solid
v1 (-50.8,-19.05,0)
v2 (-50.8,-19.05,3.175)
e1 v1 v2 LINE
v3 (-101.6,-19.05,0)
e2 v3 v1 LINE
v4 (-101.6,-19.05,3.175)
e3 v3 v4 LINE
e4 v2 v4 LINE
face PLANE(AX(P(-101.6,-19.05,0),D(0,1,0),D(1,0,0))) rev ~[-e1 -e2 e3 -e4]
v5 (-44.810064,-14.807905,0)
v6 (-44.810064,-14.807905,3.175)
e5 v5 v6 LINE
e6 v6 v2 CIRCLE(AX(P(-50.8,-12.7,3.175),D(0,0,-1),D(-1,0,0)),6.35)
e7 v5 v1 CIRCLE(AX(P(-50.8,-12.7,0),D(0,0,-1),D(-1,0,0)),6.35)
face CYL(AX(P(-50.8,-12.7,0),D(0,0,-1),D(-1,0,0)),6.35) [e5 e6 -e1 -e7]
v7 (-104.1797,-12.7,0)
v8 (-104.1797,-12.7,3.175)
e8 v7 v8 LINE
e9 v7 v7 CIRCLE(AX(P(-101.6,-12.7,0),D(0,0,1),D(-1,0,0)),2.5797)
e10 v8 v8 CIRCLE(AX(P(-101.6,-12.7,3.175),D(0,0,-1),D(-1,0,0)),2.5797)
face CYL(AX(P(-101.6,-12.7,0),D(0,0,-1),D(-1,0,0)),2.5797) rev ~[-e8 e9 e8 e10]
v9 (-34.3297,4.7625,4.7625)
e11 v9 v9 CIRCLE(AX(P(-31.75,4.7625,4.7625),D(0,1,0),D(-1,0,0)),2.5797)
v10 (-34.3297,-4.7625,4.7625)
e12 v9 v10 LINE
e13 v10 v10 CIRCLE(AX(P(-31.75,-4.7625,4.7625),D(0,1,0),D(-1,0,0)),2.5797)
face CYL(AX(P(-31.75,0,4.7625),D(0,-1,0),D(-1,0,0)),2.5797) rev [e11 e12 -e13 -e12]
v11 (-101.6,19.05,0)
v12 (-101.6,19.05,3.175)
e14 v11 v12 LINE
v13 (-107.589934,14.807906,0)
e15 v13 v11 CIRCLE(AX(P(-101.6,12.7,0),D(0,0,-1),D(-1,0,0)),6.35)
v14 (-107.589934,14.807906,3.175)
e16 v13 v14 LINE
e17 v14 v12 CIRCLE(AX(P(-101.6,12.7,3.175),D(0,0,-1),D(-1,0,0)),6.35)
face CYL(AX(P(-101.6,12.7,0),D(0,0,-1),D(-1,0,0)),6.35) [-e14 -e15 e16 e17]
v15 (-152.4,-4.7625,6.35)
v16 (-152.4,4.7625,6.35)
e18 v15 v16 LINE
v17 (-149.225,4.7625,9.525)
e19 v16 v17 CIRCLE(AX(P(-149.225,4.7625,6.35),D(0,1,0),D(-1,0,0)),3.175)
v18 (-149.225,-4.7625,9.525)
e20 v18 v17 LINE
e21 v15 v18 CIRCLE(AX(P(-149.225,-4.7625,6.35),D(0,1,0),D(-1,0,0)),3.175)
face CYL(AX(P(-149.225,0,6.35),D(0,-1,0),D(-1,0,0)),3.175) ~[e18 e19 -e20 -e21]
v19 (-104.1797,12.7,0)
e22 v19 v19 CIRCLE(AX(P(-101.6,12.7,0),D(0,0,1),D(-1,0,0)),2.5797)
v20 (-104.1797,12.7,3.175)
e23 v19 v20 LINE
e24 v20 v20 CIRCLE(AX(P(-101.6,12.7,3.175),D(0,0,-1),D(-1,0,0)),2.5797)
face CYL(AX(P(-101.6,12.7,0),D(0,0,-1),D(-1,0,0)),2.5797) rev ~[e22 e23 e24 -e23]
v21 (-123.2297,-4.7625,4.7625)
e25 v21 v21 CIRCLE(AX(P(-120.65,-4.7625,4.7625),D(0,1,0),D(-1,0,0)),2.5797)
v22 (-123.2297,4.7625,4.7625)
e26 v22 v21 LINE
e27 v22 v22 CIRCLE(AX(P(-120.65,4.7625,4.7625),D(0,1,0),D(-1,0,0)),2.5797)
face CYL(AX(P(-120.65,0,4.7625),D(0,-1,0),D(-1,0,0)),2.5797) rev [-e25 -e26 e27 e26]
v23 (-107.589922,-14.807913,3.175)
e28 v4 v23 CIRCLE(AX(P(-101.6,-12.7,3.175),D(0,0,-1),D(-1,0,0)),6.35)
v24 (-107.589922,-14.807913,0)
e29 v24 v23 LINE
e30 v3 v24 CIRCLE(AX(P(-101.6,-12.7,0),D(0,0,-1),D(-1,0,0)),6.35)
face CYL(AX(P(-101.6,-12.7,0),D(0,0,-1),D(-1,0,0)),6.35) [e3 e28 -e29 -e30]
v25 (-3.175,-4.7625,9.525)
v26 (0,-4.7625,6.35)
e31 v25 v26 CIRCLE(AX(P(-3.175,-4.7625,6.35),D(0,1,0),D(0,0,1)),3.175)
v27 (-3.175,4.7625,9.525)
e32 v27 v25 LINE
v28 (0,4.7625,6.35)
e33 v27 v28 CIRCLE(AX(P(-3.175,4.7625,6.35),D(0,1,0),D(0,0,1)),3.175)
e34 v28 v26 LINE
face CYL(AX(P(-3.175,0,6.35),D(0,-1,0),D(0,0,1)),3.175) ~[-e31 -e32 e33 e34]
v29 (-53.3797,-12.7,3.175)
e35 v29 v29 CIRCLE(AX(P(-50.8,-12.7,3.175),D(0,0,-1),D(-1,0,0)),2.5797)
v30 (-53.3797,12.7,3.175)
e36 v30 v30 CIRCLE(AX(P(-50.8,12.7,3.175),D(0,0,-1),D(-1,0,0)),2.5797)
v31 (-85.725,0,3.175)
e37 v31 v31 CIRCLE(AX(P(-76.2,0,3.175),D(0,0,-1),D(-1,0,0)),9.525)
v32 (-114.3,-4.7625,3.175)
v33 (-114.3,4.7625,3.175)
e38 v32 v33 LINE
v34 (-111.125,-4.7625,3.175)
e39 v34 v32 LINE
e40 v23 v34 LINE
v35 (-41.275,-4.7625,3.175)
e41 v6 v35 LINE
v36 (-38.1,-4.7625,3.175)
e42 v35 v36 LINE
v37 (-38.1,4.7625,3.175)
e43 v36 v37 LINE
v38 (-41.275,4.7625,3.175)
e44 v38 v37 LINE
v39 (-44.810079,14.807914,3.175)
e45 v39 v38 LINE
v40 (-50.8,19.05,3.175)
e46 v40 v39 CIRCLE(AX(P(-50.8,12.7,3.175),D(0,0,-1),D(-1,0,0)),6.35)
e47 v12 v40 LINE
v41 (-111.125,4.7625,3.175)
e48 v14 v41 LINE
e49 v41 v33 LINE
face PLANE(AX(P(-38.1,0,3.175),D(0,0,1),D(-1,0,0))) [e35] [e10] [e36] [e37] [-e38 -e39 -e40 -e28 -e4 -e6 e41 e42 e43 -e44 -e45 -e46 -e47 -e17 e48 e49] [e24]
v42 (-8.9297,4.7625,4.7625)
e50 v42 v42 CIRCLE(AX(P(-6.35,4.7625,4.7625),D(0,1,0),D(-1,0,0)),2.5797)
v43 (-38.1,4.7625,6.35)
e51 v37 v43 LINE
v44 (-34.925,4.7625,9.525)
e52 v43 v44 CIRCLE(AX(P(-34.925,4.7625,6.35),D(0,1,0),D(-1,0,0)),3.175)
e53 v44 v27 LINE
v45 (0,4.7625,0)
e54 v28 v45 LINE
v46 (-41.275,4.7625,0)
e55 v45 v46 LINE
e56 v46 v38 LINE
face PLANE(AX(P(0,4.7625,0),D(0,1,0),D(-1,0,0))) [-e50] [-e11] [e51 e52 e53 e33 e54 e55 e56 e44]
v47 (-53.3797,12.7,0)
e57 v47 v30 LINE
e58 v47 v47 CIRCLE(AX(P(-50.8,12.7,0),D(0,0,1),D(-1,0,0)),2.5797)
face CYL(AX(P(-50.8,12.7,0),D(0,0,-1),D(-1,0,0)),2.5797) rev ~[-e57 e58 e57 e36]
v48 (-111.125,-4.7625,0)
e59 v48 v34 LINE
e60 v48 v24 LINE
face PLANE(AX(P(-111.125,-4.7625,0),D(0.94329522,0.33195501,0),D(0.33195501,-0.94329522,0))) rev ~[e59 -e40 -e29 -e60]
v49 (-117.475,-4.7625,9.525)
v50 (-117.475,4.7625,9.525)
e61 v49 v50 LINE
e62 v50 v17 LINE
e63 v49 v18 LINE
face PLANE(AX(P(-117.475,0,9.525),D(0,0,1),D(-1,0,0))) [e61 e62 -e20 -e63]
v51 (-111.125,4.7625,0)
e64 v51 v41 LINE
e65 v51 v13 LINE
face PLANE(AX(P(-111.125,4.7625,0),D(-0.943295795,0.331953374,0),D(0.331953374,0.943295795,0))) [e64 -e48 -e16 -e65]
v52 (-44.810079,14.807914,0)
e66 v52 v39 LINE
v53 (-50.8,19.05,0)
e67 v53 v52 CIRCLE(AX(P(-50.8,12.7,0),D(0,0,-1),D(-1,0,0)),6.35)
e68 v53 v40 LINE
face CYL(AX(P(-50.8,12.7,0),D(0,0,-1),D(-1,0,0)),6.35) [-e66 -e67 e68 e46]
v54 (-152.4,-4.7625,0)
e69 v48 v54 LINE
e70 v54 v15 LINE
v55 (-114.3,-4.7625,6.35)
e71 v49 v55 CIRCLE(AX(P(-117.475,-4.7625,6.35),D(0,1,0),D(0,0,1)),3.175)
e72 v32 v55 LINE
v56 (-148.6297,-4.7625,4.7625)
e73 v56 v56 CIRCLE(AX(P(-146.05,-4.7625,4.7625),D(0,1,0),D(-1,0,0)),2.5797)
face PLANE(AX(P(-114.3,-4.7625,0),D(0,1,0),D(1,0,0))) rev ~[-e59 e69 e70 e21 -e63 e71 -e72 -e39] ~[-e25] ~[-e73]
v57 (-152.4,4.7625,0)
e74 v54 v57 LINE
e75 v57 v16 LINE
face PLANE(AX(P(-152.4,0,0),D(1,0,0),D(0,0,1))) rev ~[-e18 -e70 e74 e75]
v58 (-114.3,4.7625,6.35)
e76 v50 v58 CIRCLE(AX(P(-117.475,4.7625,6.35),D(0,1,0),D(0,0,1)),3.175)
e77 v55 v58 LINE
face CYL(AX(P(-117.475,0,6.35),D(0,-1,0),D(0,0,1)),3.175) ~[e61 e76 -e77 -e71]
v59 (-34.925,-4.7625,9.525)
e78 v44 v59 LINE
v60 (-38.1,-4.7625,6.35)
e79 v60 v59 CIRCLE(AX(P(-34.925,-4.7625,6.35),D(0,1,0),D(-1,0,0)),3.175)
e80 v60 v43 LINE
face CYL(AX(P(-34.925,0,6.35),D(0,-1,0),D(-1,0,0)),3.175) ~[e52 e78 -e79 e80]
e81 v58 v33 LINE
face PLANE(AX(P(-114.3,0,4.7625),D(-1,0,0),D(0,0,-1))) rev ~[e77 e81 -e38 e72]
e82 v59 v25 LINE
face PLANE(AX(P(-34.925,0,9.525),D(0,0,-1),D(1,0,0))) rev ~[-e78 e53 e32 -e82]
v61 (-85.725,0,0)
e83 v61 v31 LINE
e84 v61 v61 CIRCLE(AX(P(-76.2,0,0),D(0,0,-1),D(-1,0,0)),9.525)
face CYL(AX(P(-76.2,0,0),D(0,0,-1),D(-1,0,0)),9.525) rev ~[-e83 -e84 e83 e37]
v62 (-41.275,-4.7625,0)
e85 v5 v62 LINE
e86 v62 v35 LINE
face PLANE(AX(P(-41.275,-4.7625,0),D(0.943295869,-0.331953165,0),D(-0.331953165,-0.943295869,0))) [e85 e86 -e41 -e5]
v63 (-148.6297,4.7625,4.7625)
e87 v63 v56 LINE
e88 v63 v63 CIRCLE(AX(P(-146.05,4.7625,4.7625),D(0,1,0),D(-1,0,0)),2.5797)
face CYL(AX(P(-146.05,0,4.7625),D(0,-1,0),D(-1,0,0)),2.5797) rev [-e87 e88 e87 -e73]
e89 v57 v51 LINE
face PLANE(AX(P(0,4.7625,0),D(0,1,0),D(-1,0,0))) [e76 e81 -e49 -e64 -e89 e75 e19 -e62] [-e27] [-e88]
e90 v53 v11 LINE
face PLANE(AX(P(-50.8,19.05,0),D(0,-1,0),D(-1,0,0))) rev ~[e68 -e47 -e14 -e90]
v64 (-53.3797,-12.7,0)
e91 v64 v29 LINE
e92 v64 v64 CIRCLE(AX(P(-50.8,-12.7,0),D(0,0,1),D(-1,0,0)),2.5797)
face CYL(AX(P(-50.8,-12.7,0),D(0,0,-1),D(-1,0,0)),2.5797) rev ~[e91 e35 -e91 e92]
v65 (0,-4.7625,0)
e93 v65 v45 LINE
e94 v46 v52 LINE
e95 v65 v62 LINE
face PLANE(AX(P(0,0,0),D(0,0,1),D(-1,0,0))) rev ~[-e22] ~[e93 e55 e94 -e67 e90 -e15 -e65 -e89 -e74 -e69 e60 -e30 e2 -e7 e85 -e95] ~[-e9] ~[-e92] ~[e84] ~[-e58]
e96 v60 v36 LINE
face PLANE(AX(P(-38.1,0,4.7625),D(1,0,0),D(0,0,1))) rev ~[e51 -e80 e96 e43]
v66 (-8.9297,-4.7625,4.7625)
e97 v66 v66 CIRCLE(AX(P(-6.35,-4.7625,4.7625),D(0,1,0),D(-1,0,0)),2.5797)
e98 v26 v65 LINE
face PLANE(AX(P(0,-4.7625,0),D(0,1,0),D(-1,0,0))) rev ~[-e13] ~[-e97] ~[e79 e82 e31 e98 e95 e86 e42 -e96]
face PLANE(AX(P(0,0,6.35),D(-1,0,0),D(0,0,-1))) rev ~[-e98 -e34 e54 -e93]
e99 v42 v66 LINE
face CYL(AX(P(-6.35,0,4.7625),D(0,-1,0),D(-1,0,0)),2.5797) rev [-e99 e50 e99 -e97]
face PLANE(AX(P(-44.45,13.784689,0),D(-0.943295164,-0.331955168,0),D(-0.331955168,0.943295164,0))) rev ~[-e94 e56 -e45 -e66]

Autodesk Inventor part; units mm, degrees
ref_plane "YZ Plane" through (0, 0, 0) normal (1, 0, 0) x (0, 1, 0)
ref_plane "XZ Plane" through (0, 0, 0) normal (0, 1, 0) x (-1, 0, 0)
ref_plane "XY Plane" through (0, 0, 0) normal (0, 0, 1) x (1, 0, 0)
sketch "Sketch1" plane through (0, 0, 0) normal (0, 1, 0) x (-1, 0, 0)
  line L0 (0, 0) -> (152.4, 0)
  line L1 (152.4, 0) -> (152.4, 6.35)
  line L2 (34.925, 9.525) -> (3.175, 9.525)
  line L3 (0, 6.35) -> (0, 0)
  circle A0 centre (6.35, 4.7625) radius 2.5797
  circle A1 centre (31.75, 4.7625) radius 2.5797
  circle A2 centre (120.65, 4.7625) radius 2.5797
  circle A3 centre (146.05, 4.7625) radius 2.5797
  line L4 (38.1, 9.525) -> (114.3, 9.525)
  line L5 (114.3, 6.35) -> (114.3, 4.7625)
  line L6 (38.1, 4.7625) -> (38.1, 6.35)
  arc A4 (38.1, 6.35) -> (34.925, 9.525) centre (34.925, 6.35) ccw
  arc A5 (3.175, 9.525) -> (0, 6.35) centre (3.175, 6.35) ccw
  line L7 (117.475, 9.525) -> (149.225, 9.525)
  arc A6 (117.475, 9.525) -> (114.3, 6.35) centre (117.475, 6.35) ccw
  arc A7 (152.4, 6.35) -> (149.225, 9.525) centre (149.225, 6.35) ccw
  line L8 (114.3, 6.35) -> (114.3, 0)
  line L9 (38.1, 6.35) -> (38.1, 0)
  line L10 (114.3, 4.7625) -> (114.3, 9.525)
  line L11 (117.475, 9.525) -> (114.3, 9.525)
  line L12 (38.1, 6.35) -> (38.1, 9.525)
  line L13 (38.1, 9.525) -> (34.925, 9.525)
  line L14 (38.1, 3.175) -> (114.3, 3.175)
  point P0 (152.4, 9.525)
  point P1 (0, 9.525)
  dimension "d0" = 152.4
  dimension "d1" = 9.525
  dimension "d2" = 4.7625
  dimension "d3" = 4.7625
  dimension "d4" = 4.7625
  dimension "d5" = 4.7625
  dimension "d6" = 25.4
  dimension "d7" = 25.4
  dimension "d8" = 5.1594
  dimension "d9" = 6.35
  dimension "d10" = 6.35
  dimension "d11" = 4.7625
  dimension "d12" = 6.35
  dimension "d13" = 6.35
  dimension "d14" = 3.175
  dimension "d15" = 3.175
  dimension "d37" = 3.175
extrude "Extrusion1" add sketch "Sketch1" along normal mid plane 9.525 contours L3 A5 L2 A4 L6 L9 L0 | L9 L14 L8 L0 | L8 L5 A6 L7 A7 L1 L0
extrude "Extrusion2" add sketch "Sketch1" along normal mid plane 50.8 contours L9 L14 L8 L0
sketch "Sketch3" plane through (-152.4, -4.7625, 0) normal (0, 0, -1) x (-1, 0, 0)
  line L0 (-38.1, -20.6375) -> (-38.1, 0)
  line L1 (-114.3, 30.1625) -> (-38.1, 30.1625)
  line L2 (-38.1, 30.1625) -> (-38.1, -20.6375)
  line L3 (-38.1, -20.6375) -> (-114.3, -20.6375)
  line L4 (-114.3, -20.6375) -> (-114.3, 30.1625)
  circle A0 centre (-76.2, 4.7625) radius 9.525
  line L5 (-101.6, -20.6375) -> (-101.6, 30.1625)
  line L6 (-101.6, 30.1625) -> (-50.8, 30.1625)
  line L7 (-50.8, 30.1625) -> (-50.8, -20.6375)
  line L8 (-50.8, -20.6375) -> (-101.6, -20.6375)
  line L9 (-101.6, 17.4625) -> (-50.8, 17.4625)
  line L10 (-50.8, 17.4625) -> (-50.8, -7.9375)
  line L11 (-50.8, -7.9375) -> (-101.6, -7.9375)
  line L12 (-101.6, -7.9375) -> (-101.6, 17.4625)
  circle A1 centre (-101.6, 17.4625) radius 2.5797
  circle A2 centre (-101.6, -7.9375) radius 2.5797
  circle A3 centre (-50.8, -7.9375) radius 2.5797
  circle A4 centre (-50.8, 17.4625) radius 2.5797
  circle A5 centre (-101.6, 17.4625) radius 6.35
  circle A6 centre (-101.6, -7.9375) radius 6.35
  circle A7 centre (-50.8, -7.9375) radius 6.35
  circle A8 centre (-50.8, 17.4625) radius 6.35
  line L13 (-107.95, 23.8125) -> (-44.45, 23.8125)
  line L14 (-44.45, 23.8125) -> (-44.45, -14.2875)
  line L15 (-44.45, -14.2875) -> (-107.95, -14.2875)
  line L16 (-107.95, -14.2875) -> (-107.95, 23.8125)
  line L17 (-114.3, 9.525) -> (-117.475, 9.525)
  line L18 (-114.3, 0) -> (-114.3, 9.525)
  line L19 (-38.1, 0) -> (-38.1, 9.525)
  line L20 (-114.3, 9.525) -> (-107.95, 9.525)
  line L21 (-111.125, 9.525) -> (-101.3931, 37.1795)
  line L22 (-114.3, 0) -> (-114.3, 9.525)
  line L23 (-114.3, 0) -> (-107.95, 0)
  line L24 (-111.125, 0) -> (-100.7566, -29.4634)
  line L25 (-38.1, 0) -> (-44.45, 0)
  line L26 (-38.1, 9.525) -> (-38.1, 30.1625)
  line L27 (-38.1, 9.525) -> (-44.45, 9.525)
  line L28 (-41.275, 9.525) -> (-52.247, 40.7036)
  line L29 (-41.275, 0) -> (-51.6214, -29.4007)
  line L30 (0, 0) -> (-38.1, 0) projected
  line L31 (-114.3, 9.525) -> (-114.3, 30.1625) projected
  point P0 (-152.4, 4.7625)
  point P1 (-41.275, 0)
  point P2 (-107.5899, 19.5704)
  point P3 (-101.6, 23.8125)
  point P4 (-50.8, 23.8125)
  point P5 (-44.8101, 19.5704)
  point P6 (-38.1, 0)
  point P7 (-44.8101, -10.0454)
  point P8 (-50.8, -14.2875)
  point P9 (-101.6, -14.2875)
  point P10 (-107.5899, -10.0454)
  dimension "d38" = 25.4
  dimension "d39" = 38.1
  dimension "d40" = 50.8
  dimension "d41" = 25.4
  dimension "d42" = 12.7
  dimension "d43" = 19.05
  dimension "d44" = 5.1594
  dimension "d45" = 12.7
  dimension "d46" = 12.7
  dimension "d47" = 12.7
  dimension "d48" = 12.7
  dimension "d49" = 160.613
  dimension "d50" = 160.613
  dimension "d51" = 6.35
  dimension "d52" = 76.2
  dimension "d53" = 30.1625
  dimension "d54" = 13.5214
  dimension "d55" = 14.147
  dimension "d56" = 62.6566
  dimension "d57" = 63.2931
  dimension "d58" = 79.375
extrude "Extrusion4" cut sketch "Sketch3" against normal blind 50.8 contours L3 L29 L15 L14 L25 L0 | L3 L7 L15 L29 | L27 L28 L14 L13 L1 L2 | L3 L5 L15 L7 | L29 L14 L15 | L15 A7 L29 | L3 L24 L15 L5 | L28 L13 L7 L1 | L28 L13 L14 | L3 L4 L23 L24 L16 L15 | L15 L24 A6 | A3 L11 L7 | L7 A3 | L7 L13 L5 L1 | L28 A8 L13 | L15 L16 L24 | A2 L5 | L5 L11 A2 | L11 A3 L7 | L5 L13 L21 L1 | L5 A2 L11 | L21 L13 L16 L20 L4 L1 | A5 L21 L13 | A4 L7 | L7 L9 A4 | A4 L9 L7 | L21 L16 L13 | A1 L9 L5 | L5 A1 | L5 L9 A1 | A0
equation "\"d2\" = 0.5 * d1"
equation "\"d3\" = d2"
equation "\"d4\" = d2"
equation "\"d5\" = d2"
equation "\"d10\" = d9"
equation "\"d11\" = 0.5 * d1"
equation "\"d37\" = 0.333333 * d1"
properties part number "Face Plate"
